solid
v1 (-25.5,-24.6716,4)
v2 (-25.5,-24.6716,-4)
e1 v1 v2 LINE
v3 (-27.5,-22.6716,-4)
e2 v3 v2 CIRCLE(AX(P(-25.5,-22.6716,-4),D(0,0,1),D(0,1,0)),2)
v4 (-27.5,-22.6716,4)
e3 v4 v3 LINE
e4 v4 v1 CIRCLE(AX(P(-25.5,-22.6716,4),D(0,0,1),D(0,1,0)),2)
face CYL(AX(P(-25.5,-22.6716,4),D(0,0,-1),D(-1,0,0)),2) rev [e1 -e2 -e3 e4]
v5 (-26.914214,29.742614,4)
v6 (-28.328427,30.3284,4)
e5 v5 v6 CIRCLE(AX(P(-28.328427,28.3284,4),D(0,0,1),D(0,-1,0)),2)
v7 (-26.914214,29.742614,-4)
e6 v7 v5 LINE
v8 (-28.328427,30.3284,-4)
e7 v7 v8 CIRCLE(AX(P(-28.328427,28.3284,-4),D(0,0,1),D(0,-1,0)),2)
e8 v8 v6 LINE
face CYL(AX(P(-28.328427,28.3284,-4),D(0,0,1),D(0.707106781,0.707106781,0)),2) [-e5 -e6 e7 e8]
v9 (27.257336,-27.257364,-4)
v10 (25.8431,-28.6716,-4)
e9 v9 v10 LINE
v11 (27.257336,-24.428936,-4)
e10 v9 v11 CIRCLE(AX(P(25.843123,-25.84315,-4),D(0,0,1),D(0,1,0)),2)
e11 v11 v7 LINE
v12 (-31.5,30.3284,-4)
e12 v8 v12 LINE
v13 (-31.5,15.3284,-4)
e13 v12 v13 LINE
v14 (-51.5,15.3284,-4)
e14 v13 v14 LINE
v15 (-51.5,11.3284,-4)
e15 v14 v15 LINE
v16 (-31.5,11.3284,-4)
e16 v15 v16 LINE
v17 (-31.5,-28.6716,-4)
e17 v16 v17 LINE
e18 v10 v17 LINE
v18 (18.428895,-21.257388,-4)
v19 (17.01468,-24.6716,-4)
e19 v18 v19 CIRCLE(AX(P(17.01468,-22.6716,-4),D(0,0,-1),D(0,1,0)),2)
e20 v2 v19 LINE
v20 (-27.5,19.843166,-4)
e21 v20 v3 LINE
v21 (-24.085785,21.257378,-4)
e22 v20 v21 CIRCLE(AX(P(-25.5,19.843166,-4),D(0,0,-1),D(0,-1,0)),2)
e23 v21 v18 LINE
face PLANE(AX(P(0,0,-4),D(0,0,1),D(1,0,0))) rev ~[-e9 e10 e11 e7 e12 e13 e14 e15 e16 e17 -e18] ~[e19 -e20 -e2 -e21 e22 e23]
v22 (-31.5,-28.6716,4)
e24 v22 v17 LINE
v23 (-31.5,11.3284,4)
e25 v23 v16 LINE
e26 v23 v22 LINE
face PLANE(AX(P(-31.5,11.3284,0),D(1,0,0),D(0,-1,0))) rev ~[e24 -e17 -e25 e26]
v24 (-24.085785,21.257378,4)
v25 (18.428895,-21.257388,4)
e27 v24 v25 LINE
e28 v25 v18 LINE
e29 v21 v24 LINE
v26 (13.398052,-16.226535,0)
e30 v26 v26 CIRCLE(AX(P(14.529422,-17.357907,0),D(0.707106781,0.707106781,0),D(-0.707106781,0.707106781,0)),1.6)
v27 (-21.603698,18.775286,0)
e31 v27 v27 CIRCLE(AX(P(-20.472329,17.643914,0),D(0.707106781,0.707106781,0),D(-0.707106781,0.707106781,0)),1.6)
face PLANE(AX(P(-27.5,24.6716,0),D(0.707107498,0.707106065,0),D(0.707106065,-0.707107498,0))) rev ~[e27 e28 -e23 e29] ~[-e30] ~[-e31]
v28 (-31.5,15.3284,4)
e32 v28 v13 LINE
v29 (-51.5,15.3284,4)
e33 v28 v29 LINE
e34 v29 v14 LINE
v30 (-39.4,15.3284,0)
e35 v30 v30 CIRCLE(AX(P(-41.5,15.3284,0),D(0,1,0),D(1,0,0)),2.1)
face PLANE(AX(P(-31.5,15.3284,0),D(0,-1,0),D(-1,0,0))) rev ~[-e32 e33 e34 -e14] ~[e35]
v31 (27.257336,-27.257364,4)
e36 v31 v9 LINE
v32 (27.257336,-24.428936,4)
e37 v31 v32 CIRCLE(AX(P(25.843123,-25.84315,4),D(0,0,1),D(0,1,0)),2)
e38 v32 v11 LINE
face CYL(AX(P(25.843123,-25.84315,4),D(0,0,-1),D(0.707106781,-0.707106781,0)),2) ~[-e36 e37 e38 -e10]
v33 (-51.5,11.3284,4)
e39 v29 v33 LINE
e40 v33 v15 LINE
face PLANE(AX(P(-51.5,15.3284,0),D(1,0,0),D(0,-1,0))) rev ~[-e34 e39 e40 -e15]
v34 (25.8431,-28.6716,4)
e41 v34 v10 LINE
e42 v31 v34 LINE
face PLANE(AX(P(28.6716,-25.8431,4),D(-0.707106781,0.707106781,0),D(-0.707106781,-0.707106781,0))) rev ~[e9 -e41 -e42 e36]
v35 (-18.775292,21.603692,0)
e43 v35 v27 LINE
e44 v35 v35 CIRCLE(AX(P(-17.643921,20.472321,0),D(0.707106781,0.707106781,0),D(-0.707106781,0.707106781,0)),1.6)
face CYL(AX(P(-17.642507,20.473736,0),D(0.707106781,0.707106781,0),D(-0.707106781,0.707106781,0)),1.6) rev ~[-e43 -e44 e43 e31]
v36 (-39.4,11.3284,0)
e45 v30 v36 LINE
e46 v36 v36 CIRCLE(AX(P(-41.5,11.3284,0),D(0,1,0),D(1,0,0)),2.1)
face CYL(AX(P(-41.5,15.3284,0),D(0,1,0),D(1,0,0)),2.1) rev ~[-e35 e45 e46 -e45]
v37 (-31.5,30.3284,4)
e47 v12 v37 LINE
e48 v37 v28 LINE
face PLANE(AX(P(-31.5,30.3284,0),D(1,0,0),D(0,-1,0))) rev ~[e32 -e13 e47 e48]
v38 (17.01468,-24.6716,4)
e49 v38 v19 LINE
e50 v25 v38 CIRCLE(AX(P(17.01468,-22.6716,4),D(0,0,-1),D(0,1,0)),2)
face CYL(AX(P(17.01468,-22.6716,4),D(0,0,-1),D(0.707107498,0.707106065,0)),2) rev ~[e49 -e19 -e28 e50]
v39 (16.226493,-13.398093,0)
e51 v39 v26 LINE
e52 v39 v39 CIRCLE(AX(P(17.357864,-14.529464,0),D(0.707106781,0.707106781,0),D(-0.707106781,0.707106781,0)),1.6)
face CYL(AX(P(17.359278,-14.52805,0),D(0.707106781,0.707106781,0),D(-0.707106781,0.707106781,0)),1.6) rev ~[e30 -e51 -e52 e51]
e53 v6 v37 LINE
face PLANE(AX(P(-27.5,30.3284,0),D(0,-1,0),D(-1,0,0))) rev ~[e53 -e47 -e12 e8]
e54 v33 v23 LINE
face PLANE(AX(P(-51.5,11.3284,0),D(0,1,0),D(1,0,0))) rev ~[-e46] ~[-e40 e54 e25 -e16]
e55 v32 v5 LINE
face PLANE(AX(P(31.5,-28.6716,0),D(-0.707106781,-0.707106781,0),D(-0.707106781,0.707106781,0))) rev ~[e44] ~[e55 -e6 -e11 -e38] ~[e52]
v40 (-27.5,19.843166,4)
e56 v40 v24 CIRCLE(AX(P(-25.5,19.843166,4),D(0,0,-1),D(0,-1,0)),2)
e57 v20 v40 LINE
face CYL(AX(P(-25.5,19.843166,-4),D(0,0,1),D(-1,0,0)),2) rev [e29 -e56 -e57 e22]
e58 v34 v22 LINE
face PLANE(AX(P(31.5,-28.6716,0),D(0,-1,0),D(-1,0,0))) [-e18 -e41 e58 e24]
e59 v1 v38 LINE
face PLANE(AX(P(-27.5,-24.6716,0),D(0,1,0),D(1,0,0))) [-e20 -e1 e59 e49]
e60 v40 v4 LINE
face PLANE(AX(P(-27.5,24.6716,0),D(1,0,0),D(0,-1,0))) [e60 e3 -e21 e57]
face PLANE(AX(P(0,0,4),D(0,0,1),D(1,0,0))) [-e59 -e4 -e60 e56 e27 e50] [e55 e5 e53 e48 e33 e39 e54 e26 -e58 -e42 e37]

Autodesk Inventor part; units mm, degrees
ref_plane "YZ Plane" through (0, 0, 0) normal (1, 0, 0) x (0, 1, 0)
ref_plane "XZ Plane" through (0, 0, 0) normal (0, 1, 0) x (-1, 0, 0)
ref_plane "XY Plane" through (0, 0, 0) normal (0, 0, 1) x (1, 0, 0)
sketch "Sketch1" plane through (0, 0, 0) normal (0, 0, 1) x (1, 0, 0)
  line L0 (-27.5, 24.6716) -> (21.8431, -24.6716)
  line L1 (31.5, -28.6716) -> (-27.5, 30.3284)
  line L2 (-27.5, 30.3284) -> (-31.5, 30.3284)
  line L3 (31.5, -28.6716) -> (-31.5, -28.6716)
  line L4 (-27.5, -24.6716) -> (21.8431, -24.6716)
  line L5 (-27.5, 24.6716) -> (-27.5, -24.6716)
  line L6 (-31.5, 15.3284) -> (-51.5, 15.3284)
  line L7 (-51.5, 15.3284) -> (-51.5, 11.3284)
  line L8 (-51.5, 11.3284) -> (-31.5, 11.3284)
  line L9 (-31.5, 30.3284) -> (-31.5, 15.3284)
  line L10 (-31.5, 11.3284) -> (-31.5, -28.6716)
  point P0 (0, 0)
  point P1 (-27.5, 0)
  point P2 (0, -28.6716)
  dimension "d0" = 4
  dimension "d19" = 4
  dimension "d22" = 20
  dimension "d23" = 4
  dimension "d25" = 45
  dimension "d28" = 83.4386
  dimension "d29" = 4
  dimension "d30" = 4
  dimension "d35" = 40
extrude "Extrusion1" add sketch "Sketch1" along normal mid plane 8
sketch "Sketch5" plane through (-51.5, 15.3284, -4) normal (0, 1, 0) x (1, 0, 0)
  line L0 (20, -8) -> (20, 0) projected
  line L1 (0, 0) -> (20, 0) projected
  line L2 (0, -8) -> (0, 0) projected
  line L3 (20, -8) -> (0, -8) projected
  circle A0 centre (10, -4) radius 2.1
  point P0 (51.5, -4)
  point P1 (0, -4)
  dimension "d31" = 4.2
  dimension "d32" = 10
extrude "Extrusion4" cut sketch "Sketch5" against normal through all contours A0
sketch "Sketch6" plane through (-27.5, 30.3284, -4) normal (0.7071, 0.7071, 0) x (-0.7071, 0.7071, 0)
  circle A0 centre (-13.9386, 4) radius 1.6
  circle A1 centre (-63.4386, 4) radius 1.6
  line L0 (-83.4386, 0) -> (-83.4386, 8) projected
  point P0 (-40.8909, 4)
  point P1 (-83.4386, 4)
  dimension "d36" = 49.5
  dimension "d37" = 20
  dimension "d38" = 3.2
extrude "Extrusion5" cut sketch "Sketch6" against normal blind 6
sketch "Sketch7" plane through (0, 0, 4) normal (0, 0, 1) x (1, 0, 0)
  line L0 (31.5, -28.6716) -> (-27.5, 30.3284) projected
  line L1 (-31.5, -28.6716) -> (31.5, -28.6716) projected
  line L2 (28.6716, -25.8431) -> (25.8431, -28.6716)
  line L3 (25.8431, -28.6716) -> (31.5, -28.6716)
  line L4 (28.6716, -25.8431) -> (31.5, -28.6716)
  point P0 (0, 0)
  dimension "d42" = 4
extrude "Extrusion6" cut sketch "Sketch7" against normal through all
fillet "Fillet1" radius 2 5 edges at (-27.5, -24.6716, 0) (-27.5, 30.3284, 0) (28.6716, -25.8431, 0) (21.8431, -24.6716, 0) (-27.5, 24.6716, 0)
properties part number "holder-LCD-v2"
